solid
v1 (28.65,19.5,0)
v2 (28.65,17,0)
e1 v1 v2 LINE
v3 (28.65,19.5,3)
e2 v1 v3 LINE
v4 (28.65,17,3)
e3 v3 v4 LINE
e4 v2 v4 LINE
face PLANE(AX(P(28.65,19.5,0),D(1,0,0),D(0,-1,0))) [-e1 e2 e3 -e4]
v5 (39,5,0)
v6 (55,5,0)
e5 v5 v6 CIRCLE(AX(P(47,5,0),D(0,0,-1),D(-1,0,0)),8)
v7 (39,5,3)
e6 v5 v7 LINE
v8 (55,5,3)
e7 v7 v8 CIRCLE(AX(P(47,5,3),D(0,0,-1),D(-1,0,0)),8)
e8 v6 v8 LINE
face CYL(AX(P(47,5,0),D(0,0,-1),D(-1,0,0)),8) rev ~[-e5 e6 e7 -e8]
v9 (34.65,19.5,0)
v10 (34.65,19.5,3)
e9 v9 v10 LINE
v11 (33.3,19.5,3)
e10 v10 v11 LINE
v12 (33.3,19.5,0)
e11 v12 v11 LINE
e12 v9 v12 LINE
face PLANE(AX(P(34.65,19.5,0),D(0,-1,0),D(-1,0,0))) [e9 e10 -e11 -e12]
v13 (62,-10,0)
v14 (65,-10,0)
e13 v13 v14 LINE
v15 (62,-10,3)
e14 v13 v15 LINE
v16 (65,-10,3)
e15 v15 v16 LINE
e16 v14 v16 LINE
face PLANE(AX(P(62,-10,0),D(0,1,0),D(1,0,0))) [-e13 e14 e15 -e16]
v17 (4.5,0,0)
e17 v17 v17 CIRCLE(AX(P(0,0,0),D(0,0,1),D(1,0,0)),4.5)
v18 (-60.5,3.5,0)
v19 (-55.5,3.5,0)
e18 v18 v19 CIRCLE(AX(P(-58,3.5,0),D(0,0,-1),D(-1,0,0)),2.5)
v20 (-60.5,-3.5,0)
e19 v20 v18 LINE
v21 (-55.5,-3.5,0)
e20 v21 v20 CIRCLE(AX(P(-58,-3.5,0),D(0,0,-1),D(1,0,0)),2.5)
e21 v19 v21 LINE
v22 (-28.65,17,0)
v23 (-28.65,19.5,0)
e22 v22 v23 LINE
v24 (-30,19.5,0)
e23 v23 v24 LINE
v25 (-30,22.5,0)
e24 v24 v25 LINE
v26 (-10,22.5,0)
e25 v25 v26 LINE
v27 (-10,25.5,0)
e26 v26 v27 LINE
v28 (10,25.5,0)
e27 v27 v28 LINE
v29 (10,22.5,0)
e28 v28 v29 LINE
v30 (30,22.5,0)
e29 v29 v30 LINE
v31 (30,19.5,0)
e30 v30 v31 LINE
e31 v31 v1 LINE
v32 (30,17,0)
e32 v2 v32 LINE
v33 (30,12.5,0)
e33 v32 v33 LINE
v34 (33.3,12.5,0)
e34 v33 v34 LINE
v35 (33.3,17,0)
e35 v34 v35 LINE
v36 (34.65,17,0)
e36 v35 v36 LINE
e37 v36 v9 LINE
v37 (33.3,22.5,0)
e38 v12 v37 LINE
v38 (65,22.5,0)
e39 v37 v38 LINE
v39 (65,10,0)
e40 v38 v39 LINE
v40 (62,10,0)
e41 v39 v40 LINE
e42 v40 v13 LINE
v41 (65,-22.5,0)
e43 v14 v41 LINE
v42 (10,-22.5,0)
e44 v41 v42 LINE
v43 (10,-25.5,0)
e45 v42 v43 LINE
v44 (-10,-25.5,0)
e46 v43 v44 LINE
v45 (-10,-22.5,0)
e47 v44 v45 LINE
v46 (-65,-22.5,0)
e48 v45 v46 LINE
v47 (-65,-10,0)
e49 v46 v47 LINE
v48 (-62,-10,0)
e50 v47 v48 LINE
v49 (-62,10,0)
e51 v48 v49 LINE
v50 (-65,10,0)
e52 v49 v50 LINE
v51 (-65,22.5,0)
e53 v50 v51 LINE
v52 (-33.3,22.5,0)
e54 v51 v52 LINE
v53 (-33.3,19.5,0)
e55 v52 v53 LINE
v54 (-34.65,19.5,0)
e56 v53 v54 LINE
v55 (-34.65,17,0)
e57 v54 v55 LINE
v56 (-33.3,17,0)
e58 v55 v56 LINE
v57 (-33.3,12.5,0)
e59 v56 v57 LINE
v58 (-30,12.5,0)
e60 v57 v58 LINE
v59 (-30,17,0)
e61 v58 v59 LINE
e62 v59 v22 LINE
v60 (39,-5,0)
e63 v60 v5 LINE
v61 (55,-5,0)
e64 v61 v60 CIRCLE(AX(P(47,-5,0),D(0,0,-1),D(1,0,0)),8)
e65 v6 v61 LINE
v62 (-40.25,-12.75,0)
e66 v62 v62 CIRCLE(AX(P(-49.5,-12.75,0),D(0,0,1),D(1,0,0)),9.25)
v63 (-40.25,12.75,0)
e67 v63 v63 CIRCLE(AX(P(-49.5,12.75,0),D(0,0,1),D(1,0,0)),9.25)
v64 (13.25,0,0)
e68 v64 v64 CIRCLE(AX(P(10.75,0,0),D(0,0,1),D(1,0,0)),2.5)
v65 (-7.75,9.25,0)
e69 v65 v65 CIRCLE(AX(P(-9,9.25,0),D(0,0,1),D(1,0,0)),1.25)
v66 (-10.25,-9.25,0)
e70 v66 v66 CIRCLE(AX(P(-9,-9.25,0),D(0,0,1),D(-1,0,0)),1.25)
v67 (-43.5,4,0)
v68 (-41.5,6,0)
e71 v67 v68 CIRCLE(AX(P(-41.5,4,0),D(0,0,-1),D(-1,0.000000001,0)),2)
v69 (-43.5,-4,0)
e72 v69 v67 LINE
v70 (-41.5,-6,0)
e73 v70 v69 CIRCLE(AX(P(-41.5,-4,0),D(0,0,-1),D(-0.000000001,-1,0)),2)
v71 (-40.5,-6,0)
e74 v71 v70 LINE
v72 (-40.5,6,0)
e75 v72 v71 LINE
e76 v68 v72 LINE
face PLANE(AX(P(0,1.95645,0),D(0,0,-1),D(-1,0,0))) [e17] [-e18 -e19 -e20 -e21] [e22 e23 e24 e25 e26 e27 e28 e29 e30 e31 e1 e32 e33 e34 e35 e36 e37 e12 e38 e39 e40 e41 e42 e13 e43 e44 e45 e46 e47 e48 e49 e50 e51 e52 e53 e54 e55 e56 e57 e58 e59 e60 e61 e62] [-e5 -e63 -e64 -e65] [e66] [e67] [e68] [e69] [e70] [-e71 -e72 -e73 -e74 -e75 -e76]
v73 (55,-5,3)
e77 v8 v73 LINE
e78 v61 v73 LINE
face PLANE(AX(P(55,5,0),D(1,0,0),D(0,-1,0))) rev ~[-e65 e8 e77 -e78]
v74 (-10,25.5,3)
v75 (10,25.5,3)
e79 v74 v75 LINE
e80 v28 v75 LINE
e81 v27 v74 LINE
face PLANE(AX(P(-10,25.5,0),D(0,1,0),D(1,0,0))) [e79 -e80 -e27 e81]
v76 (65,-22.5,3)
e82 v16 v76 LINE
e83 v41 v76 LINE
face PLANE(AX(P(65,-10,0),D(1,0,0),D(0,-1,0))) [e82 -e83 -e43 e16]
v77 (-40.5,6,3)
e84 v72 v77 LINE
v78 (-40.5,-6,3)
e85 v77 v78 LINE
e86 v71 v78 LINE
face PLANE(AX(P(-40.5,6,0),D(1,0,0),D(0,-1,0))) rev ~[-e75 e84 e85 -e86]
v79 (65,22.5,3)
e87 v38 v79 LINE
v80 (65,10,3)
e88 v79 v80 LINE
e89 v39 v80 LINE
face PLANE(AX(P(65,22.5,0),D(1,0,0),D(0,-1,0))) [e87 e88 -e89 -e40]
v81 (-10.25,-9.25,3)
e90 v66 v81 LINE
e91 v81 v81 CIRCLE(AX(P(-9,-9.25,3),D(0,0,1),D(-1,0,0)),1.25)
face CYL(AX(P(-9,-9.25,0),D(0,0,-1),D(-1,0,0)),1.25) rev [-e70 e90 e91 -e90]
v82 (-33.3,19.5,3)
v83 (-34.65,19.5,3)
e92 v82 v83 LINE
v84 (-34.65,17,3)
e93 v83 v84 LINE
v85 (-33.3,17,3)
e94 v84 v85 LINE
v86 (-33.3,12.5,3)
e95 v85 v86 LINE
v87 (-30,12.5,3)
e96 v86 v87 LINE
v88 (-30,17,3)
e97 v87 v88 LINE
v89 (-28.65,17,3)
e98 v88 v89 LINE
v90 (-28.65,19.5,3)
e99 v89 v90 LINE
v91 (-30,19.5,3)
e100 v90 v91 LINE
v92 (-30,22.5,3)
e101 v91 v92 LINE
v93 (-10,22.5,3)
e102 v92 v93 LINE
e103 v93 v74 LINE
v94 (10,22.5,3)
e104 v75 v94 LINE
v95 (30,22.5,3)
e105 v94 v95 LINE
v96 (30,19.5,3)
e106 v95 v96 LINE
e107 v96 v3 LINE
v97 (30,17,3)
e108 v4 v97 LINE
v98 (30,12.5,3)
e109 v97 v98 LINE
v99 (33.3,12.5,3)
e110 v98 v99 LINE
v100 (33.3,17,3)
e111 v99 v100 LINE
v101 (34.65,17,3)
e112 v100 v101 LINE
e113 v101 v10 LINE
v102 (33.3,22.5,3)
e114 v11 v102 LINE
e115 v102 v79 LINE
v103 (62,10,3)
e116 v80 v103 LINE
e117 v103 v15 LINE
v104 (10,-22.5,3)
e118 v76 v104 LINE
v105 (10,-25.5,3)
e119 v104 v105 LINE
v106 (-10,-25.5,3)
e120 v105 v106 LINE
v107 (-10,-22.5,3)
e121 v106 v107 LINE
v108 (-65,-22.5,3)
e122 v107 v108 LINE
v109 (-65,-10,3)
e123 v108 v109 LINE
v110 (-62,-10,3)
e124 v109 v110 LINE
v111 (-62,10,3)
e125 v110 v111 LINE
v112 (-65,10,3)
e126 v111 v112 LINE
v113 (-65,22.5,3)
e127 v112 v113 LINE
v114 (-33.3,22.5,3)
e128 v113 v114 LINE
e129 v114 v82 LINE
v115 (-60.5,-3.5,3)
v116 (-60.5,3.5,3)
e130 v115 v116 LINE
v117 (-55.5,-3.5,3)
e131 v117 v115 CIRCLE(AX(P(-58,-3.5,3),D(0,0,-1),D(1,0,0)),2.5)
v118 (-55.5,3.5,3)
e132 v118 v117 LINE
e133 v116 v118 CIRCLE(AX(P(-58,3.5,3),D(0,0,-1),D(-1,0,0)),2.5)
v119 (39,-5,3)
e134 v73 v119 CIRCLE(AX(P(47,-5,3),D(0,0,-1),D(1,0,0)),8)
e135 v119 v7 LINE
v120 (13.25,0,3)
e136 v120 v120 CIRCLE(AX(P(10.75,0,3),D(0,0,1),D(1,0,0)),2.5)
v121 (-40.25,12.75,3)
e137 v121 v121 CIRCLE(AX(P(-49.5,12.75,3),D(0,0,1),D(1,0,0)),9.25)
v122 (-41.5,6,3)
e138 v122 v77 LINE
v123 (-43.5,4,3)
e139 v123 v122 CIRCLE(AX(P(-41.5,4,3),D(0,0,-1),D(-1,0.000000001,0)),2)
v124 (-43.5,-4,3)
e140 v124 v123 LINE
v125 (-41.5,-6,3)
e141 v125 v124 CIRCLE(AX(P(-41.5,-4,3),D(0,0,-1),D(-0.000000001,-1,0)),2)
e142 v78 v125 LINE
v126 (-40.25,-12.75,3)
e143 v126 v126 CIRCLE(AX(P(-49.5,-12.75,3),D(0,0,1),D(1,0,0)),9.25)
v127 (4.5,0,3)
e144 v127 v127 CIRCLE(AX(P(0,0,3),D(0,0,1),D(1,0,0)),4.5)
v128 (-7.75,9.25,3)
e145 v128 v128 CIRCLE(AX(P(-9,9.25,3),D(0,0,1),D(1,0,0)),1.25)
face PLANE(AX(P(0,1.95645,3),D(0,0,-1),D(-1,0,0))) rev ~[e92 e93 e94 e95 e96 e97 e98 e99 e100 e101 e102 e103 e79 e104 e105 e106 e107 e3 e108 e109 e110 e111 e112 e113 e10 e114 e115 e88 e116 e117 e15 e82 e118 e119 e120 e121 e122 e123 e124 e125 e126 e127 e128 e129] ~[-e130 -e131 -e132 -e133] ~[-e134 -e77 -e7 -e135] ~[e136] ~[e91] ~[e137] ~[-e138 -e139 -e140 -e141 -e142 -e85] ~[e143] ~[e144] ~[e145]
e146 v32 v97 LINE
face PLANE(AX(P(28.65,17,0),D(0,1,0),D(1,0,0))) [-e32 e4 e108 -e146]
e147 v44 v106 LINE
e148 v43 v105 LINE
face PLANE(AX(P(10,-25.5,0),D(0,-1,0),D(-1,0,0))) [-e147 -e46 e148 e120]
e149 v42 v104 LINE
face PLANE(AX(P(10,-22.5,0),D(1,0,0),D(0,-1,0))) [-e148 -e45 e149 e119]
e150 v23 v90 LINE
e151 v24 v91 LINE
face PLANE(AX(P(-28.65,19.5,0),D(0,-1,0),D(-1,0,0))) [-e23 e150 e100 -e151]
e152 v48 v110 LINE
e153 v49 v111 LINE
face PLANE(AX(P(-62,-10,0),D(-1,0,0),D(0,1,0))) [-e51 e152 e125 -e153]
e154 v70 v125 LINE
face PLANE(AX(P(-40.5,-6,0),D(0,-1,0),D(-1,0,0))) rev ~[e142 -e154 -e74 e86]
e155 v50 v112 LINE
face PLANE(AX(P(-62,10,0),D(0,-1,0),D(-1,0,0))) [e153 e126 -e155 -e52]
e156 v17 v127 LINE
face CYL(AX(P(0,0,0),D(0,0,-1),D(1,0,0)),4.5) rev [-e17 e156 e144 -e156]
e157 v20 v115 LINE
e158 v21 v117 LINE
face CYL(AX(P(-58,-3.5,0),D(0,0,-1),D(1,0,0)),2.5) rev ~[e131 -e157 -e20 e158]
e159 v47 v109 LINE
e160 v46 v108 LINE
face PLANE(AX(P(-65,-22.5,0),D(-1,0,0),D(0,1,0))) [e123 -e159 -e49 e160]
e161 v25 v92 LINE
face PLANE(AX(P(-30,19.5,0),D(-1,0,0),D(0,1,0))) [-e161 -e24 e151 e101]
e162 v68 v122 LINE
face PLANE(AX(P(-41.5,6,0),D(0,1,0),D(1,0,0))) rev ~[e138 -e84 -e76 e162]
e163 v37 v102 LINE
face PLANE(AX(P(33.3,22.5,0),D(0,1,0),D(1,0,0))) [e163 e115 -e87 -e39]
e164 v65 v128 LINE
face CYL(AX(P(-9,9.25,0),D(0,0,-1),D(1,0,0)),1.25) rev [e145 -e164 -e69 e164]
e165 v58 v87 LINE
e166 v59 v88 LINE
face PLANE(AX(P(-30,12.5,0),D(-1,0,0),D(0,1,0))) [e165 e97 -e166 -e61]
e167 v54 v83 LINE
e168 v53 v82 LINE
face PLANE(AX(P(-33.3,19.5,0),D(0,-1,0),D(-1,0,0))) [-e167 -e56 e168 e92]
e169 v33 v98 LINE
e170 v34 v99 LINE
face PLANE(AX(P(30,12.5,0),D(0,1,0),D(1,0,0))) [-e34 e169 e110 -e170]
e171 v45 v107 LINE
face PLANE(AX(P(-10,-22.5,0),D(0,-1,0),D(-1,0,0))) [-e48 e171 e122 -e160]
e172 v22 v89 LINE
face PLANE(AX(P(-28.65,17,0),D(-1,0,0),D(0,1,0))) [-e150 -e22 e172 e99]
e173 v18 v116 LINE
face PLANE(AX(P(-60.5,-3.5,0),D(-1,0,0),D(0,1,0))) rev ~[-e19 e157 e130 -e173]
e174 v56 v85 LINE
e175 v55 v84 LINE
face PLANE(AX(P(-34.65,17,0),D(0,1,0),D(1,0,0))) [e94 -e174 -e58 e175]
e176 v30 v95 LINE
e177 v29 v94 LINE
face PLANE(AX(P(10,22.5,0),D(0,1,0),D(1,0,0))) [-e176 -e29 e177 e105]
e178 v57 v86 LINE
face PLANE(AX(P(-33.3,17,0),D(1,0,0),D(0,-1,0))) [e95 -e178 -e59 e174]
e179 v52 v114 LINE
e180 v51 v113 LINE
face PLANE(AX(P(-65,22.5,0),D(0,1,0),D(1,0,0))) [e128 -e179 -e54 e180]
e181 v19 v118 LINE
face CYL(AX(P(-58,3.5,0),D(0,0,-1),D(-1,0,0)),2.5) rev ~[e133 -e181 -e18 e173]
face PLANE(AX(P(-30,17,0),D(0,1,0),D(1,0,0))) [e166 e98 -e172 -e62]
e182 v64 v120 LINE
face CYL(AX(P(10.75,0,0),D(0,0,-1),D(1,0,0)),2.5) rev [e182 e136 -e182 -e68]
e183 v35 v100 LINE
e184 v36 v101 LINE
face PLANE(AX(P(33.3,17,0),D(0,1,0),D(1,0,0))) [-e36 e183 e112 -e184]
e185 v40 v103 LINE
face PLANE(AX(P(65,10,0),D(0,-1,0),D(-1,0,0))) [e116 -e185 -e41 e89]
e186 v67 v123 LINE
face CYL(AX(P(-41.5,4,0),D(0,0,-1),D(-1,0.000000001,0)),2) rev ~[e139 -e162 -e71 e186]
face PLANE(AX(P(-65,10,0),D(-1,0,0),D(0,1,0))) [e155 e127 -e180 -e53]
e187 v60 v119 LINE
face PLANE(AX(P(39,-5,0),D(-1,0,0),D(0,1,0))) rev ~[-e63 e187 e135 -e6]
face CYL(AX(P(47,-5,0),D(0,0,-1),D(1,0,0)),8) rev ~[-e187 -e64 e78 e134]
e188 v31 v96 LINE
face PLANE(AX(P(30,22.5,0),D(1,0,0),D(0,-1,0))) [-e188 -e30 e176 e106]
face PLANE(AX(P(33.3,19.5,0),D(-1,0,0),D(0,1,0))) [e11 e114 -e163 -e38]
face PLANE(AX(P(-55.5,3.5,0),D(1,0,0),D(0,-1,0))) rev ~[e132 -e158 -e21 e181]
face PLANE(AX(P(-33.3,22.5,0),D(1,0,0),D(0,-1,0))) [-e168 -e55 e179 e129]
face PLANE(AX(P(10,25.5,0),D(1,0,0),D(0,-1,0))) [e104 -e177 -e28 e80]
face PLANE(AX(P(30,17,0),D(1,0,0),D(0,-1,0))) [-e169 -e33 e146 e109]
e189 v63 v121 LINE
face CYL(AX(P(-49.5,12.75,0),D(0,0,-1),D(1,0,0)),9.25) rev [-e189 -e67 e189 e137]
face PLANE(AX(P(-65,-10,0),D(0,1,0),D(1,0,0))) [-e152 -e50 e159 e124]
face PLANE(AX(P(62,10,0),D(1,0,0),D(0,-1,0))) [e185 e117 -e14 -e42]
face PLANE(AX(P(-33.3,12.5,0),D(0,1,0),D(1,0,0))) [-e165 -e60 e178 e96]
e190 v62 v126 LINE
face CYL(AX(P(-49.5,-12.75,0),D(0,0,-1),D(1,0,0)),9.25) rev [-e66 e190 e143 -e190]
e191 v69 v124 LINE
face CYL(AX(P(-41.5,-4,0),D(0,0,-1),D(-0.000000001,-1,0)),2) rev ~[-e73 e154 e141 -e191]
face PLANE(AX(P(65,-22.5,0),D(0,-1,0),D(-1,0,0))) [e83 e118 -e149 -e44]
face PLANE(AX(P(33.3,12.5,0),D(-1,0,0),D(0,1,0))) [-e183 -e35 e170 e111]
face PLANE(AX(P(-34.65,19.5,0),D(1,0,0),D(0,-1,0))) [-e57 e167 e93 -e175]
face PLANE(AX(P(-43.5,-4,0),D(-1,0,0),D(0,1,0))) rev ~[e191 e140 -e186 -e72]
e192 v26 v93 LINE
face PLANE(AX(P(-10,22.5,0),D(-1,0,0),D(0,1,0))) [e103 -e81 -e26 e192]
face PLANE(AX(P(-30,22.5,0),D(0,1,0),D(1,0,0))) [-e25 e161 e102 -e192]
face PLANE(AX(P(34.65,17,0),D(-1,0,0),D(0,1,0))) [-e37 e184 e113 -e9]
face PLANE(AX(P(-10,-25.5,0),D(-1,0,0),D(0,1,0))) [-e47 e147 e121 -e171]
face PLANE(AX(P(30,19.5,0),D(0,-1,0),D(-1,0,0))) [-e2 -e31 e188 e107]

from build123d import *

# Parameters (mm, degrees)
SKETCH1_R           = 9.25
SKETCH1_R_2         = 4.5
SKETCH1_R_3         = 2.5
SKETCH1_R_4         = 1.25
BOSS_EXTRUDE1_DEPTH = 3


with BuildPart() as part:
    # Sketch1 → Boss-Extrude1 (new body)
    with BuildSketch(Plane.XY):
        Polygon((-10, -22.5), (-65, -22.5), (-65, -10), (-62, -10), (-62, 10), (-65, 10), (-65, 22.5), (-33.3, 22.5), (-33.3, 19.5), (-34.65, 19.5), (-34.65, 17), (-33.3, 17), (-33.3, 12.5), (-30, 12.5), (-30, 17), (-28.65, 17), (-28.65, 19.5), (-30, 19.5), (-30, 22.5), (-10, 22.5), (-10, 25.5), (10, 25.5), (10, 22.5), (30, 22.5), (30, 19.5), (28.65, 19.5), (28.65, 17), (30, 17), (30, 12.5), (33.3, 12.5), (33.3, 17), (34.65, 17), (34.65, 19.5), (33.3, 19.5), (33.3, 22.5), (65, 22.5), (65, 10), (62, 10), (62, -10), (65, -10), (65, -22.5), (10, -22.5), (10, -25.5), (-10, -25.5), align=None)
        with Locations((-49.5, 12.75)):
            Circle(SKETCH1_R, mode=Mode.SUBTRACT)
        with Locations((-49.5, -12.75)):
            Circle(SKETCH1_R, mode=Mode.SUBTRACT)
        Circle(SKETCH1_R_2, mode=Mode.SUBTRACT)
        with Locations((10.75, 0)):
            Circle(SKETCH1_R_3, mode=Mode.SUBTRACT)
        with Locations((-9, 9.25)):
            Circle(SKETCH1_R_4, mode=Mode.SUBTRACT)
        with Locations(Location((-9, -9.25, 0), (0, 0, 180))):
            Circle(SKETCH1_R_4, mode=Mode.SUBTRACT)
        with BuildLine():
            Line((-55.5, 3.5), (-55.5, -3.5))
            ThreePointArc((-55.5, -3.5), (-58, -6), (-60.5, -3.5))
            Line((-60.5, -3.5), (-60.5, 3.5))
            ThreePointArc((-60.5, 3.5), (-58, 6), (-55.5, 3.5))
        make_face(mode=Mode.SUBTRACT)
        with BuildLine():
            Line((-40.5, -6), (-41.5, -6))
            ThreePointArc((-41.5, -6), (-42.914213562, -5.414213562), (-43.5, -4))
            Line((-43.5, -4), (-43.5, 4))
            ThreePointArc((-43.5, 4), (-42.914213562, 5.414213562), (-41.5, 6))
            Line((-41.5, 6), (-40.5, 6))
            Line((-40.5, 6), (-40.5, -6))
        make_face(mode=Mode.SUBTRACT)
        with BuildLine():
            Line((39, -5), (39, 5))
            ThreePointArc((39, 5), (47, 13), (55, 5))
            Line((55, 5), (55, -5))
            ThreePointArc((55, -5), (47, -13), (39, -5))
        make_face(mode=Mode.SUBTRACT)
    extrude(amount=BOSS_EXTRUDE1_DEPTH)


solid = part.part
